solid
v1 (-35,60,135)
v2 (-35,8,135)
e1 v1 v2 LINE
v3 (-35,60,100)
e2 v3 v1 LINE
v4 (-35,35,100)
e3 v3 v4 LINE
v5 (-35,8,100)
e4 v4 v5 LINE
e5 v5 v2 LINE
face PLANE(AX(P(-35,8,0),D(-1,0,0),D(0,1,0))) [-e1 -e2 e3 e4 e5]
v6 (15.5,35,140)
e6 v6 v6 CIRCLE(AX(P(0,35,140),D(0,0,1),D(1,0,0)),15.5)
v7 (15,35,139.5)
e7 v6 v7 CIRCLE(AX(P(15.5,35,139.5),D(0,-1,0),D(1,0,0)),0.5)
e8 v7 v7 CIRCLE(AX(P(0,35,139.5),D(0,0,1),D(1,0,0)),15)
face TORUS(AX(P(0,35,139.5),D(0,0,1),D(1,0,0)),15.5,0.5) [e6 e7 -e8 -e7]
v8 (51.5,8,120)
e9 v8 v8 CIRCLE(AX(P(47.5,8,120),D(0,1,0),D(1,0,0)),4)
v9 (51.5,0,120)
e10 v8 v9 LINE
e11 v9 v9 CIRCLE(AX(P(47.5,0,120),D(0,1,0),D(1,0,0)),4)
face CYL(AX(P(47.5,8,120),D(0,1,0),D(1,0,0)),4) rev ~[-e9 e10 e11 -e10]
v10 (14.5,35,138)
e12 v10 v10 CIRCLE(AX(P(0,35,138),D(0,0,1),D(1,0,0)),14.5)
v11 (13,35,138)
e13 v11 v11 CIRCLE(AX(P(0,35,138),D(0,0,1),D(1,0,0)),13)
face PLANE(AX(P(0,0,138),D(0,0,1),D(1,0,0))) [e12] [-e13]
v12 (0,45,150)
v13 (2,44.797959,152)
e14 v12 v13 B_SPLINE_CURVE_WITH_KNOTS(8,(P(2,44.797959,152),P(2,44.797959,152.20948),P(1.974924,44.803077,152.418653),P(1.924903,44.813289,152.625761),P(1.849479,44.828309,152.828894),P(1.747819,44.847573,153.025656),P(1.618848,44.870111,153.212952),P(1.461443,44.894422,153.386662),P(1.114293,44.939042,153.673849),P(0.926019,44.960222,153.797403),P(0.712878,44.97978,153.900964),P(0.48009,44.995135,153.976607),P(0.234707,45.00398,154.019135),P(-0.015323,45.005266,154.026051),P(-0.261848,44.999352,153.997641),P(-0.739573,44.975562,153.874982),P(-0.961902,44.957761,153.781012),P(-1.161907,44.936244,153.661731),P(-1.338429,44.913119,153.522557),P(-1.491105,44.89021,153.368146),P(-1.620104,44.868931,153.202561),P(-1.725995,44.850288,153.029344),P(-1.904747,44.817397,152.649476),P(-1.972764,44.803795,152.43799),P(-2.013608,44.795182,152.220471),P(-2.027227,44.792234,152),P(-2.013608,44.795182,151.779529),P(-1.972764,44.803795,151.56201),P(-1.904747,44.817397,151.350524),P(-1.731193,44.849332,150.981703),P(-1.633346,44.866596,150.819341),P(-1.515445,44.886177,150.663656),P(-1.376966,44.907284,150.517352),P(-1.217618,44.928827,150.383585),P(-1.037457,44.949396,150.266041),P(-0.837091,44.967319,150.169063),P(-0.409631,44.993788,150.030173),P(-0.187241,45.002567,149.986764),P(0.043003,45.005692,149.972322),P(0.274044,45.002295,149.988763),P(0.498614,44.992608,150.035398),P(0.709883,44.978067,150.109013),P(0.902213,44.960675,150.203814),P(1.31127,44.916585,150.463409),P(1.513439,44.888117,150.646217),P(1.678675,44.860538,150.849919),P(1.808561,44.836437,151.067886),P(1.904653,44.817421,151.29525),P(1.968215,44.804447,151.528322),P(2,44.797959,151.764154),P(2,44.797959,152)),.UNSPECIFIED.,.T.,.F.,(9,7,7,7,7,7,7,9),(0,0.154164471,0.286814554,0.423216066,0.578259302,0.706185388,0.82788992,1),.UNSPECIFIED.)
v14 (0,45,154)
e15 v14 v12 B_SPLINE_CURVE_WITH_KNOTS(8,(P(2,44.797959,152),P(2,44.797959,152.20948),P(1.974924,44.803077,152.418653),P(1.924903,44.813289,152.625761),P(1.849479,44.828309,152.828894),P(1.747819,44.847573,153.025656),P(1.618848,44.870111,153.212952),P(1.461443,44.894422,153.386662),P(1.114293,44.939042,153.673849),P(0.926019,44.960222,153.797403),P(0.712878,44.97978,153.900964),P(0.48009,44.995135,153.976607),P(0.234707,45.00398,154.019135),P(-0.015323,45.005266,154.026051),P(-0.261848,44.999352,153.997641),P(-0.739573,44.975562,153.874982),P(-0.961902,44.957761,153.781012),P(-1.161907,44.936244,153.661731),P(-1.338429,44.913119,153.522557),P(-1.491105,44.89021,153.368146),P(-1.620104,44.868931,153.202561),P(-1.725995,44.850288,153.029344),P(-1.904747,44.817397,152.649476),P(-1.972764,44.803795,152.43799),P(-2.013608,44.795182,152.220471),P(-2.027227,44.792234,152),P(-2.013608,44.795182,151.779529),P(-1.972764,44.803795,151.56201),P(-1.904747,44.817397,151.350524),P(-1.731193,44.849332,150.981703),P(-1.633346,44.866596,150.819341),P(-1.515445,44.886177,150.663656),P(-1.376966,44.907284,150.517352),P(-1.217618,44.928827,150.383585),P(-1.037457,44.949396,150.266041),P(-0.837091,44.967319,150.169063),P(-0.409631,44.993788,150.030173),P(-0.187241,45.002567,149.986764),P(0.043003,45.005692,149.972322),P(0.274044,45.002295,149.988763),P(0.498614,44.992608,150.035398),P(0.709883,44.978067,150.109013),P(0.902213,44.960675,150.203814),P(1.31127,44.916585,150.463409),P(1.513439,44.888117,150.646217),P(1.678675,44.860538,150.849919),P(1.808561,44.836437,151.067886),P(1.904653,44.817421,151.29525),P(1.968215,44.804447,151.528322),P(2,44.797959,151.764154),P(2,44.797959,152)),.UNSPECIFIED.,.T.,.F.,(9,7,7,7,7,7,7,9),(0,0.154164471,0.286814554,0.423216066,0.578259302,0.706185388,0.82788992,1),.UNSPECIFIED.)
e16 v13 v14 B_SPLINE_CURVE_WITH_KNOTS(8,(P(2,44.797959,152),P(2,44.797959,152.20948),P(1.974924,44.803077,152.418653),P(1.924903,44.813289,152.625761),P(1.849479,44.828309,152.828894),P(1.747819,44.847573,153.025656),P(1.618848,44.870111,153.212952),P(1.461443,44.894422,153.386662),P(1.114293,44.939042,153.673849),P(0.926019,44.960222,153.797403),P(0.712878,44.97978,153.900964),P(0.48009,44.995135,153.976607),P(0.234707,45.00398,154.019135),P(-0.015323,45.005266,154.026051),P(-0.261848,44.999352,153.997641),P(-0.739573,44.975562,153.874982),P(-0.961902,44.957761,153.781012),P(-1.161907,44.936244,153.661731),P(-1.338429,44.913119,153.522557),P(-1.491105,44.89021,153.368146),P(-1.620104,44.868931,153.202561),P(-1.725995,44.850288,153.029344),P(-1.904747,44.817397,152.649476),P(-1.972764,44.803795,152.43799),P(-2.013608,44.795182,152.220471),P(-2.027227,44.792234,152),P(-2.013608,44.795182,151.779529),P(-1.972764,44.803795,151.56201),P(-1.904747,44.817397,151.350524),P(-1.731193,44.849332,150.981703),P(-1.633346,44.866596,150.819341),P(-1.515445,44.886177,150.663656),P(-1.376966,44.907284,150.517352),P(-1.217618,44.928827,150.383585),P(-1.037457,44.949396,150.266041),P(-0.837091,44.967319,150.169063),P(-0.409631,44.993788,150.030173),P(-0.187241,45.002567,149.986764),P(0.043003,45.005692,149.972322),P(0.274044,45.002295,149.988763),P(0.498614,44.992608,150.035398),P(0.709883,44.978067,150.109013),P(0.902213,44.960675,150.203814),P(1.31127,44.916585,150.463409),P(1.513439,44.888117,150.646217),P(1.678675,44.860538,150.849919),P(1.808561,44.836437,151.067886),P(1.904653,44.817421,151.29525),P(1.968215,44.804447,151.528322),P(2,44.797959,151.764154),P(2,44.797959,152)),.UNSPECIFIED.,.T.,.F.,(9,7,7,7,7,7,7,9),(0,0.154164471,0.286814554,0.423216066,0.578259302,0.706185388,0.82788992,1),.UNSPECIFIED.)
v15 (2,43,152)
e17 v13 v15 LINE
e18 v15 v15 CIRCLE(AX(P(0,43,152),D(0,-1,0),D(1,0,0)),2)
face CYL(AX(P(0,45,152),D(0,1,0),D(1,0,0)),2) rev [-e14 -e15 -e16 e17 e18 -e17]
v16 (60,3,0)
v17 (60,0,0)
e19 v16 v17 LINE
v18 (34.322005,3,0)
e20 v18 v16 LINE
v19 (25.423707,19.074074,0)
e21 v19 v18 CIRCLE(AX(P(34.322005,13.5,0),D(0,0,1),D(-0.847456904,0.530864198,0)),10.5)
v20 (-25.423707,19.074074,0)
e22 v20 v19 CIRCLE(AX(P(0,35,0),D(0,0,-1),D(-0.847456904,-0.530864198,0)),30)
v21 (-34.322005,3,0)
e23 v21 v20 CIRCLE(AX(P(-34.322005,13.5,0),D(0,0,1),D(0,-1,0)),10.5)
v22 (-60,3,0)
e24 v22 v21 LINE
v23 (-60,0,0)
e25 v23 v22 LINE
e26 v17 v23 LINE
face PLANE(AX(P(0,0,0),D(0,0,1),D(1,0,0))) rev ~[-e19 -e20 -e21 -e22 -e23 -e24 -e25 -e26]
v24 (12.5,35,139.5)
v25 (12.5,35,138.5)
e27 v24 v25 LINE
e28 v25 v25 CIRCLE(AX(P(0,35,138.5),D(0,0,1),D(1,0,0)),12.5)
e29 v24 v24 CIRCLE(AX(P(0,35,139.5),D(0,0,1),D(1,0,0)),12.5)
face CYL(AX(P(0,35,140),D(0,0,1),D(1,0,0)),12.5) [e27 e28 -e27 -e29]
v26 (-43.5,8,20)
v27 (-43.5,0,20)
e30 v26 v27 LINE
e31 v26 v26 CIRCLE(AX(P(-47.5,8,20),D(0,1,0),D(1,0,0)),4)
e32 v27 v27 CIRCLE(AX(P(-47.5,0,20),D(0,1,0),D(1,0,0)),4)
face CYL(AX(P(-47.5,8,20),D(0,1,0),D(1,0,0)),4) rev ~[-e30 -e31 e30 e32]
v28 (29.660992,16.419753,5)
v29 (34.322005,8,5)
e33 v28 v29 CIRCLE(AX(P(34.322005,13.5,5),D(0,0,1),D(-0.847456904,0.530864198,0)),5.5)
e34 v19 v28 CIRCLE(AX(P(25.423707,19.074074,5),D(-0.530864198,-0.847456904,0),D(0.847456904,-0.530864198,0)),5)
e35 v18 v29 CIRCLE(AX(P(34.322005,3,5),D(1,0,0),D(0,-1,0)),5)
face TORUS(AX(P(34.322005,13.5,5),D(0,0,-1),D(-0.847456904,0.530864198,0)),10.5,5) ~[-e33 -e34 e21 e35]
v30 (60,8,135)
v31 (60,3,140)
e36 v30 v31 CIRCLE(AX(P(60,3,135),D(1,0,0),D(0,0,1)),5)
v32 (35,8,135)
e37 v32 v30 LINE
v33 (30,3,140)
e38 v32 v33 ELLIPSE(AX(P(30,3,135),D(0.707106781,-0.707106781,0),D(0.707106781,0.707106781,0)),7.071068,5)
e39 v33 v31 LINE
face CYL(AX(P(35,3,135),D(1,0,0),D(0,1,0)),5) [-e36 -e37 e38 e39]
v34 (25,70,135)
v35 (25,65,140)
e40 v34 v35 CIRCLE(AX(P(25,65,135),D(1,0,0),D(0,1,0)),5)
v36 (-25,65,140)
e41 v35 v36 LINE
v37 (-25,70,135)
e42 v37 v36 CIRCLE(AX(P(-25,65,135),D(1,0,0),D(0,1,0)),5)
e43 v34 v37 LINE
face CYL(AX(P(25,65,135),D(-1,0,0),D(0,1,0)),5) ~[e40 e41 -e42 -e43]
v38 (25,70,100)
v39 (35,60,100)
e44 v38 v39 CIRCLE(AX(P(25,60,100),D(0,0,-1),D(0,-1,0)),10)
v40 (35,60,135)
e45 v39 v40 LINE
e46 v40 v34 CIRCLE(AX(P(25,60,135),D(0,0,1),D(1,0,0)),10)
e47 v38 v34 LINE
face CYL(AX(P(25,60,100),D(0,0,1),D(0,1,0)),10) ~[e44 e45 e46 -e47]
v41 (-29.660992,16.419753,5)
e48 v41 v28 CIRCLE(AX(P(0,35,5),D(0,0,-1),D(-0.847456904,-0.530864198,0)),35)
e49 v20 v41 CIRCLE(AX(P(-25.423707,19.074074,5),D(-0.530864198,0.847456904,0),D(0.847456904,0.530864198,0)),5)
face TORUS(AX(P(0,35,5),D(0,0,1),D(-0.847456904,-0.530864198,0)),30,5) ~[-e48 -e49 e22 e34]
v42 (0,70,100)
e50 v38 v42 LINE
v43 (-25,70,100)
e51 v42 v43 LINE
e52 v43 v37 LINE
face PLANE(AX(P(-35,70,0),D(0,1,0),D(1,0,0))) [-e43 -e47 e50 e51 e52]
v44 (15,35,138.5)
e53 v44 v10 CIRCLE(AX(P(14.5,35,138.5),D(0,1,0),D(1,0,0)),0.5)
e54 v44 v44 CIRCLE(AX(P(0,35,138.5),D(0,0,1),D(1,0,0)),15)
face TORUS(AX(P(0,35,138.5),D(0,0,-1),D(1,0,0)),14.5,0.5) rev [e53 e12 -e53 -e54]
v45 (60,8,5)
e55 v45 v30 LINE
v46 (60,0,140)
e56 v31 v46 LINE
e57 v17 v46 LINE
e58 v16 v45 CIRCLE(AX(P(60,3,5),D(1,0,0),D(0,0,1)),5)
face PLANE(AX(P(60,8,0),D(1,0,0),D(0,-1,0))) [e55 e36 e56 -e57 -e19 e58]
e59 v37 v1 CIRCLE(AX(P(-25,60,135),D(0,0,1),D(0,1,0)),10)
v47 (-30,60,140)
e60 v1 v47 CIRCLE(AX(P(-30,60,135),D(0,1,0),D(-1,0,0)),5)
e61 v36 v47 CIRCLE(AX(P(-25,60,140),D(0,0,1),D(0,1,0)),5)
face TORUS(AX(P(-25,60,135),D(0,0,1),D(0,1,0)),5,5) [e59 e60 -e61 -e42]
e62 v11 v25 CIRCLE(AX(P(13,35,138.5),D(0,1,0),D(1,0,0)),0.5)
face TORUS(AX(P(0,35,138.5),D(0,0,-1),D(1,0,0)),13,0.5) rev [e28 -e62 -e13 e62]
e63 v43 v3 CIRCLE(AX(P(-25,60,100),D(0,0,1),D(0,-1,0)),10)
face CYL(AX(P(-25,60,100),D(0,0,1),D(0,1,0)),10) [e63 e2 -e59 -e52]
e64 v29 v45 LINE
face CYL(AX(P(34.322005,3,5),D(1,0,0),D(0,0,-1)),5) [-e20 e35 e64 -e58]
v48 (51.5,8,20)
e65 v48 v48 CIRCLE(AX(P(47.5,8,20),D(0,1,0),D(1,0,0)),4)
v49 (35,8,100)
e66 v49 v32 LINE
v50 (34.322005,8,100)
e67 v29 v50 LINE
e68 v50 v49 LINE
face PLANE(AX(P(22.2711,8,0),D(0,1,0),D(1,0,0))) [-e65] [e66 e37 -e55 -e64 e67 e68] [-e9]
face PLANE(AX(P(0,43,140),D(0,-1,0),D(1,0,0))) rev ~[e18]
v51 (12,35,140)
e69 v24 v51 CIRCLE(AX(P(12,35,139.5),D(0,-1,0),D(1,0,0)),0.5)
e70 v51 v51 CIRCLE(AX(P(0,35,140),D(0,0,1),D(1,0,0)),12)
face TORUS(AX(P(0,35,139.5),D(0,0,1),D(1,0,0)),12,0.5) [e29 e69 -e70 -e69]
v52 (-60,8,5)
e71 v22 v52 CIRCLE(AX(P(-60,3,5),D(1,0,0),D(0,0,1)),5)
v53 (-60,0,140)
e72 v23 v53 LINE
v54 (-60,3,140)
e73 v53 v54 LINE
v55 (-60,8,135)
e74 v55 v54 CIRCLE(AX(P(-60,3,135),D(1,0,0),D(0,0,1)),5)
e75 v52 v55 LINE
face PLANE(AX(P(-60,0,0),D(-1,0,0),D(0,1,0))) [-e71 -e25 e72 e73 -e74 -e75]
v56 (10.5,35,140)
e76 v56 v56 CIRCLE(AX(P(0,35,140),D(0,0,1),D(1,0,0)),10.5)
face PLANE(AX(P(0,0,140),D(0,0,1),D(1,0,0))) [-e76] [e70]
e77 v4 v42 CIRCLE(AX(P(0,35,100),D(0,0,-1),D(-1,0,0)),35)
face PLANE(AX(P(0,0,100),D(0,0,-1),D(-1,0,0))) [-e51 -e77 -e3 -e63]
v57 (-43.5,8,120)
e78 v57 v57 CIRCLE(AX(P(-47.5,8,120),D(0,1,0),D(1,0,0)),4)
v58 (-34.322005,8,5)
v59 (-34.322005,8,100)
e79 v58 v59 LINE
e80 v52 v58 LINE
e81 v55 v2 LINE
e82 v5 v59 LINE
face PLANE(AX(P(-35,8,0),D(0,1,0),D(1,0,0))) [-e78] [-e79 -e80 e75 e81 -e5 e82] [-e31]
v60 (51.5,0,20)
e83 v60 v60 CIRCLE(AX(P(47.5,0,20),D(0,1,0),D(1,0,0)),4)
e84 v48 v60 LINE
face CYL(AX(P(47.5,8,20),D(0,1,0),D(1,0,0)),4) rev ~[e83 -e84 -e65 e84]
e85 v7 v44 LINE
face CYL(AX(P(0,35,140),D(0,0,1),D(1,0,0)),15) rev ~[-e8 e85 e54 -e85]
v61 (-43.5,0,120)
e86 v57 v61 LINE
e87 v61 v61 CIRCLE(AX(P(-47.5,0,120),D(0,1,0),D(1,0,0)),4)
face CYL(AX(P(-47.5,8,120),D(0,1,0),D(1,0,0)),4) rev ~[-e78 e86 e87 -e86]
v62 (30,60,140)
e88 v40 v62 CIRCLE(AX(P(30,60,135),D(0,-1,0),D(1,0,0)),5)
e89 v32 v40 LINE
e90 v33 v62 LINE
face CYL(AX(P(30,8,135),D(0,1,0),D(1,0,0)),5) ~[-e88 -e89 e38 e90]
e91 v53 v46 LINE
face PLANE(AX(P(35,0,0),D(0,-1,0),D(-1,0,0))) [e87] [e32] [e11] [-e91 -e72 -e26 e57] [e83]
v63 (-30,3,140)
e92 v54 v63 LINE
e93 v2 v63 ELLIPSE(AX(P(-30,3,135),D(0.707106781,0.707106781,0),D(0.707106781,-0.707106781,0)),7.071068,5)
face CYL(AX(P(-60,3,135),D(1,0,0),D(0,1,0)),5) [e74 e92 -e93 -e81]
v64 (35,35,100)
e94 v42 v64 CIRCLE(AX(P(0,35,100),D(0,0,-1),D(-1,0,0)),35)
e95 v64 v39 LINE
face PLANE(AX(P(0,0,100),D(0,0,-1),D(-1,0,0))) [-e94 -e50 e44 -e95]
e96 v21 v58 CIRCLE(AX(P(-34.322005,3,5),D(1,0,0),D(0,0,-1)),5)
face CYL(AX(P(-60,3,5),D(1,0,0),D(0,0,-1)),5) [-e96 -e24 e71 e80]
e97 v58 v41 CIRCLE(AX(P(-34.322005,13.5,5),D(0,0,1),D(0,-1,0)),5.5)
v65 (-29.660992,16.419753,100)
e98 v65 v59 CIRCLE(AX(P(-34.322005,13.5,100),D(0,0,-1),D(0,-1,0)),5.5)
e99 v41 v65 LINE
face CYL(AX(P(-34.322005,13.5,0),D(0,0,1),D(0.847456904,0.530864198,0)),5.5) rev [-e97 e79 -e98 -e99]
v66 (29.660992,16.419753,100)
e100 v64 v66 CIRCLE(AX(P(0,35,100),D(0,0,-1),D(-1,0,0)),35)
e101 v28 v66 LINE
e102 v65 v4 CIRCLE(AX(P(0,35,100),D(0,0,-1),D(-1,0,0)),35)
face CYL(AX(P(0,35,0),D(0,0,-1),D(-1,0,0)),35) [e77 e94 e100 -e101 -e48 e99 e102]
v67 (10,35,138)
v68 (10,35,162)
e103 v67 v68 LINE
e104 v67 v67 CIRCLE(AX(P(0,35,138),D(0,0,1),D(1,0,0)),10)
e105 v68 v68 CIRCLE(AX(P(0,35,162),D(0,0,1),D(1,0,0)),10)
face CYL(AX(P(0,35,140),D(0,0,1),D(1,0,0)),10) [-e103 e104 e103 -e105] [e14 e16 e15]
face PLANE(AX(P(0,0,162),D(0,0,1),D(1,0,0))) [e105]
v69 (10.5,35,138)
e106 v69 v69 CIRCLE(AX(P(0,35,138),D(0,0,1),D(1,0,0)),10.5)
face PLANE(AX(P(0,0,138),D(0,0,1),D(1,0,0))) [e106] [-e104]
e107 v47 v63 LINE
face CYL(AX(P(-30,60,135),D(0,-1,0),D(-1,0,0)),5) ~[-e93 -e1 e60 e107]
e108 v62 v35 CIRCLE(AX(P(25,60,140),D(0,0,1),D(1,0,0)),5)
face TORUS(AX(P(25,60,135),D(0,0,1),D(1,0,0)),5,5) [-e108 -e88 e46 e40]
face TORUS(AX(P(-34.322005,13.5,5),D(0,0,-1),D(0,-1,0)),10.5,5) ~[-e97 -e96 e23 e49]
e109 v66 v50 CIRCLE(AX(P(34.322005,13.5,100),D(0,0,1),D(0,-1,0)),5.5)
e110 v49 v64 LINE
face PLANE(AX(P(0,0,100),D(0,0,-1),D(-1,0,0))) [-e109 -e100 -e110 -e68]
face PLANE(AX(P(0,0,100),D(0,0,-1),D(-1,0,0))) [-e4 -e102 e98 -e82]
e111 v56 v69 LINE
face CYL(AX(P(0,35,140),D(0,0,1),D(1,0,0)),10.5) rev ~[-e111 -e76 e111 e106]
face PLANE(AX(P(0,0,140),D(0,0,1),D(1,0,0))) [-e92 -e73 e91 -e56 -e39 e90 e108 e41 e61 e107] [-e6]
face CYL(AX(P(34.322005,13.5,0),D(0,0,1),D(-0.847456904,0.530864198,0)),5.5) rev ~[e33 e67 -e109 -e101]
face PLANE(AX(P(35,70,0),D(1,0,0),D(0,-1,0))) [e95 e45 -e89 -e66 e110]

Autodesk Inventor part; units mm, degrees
ref_plane "YZ Plane" through (0, 0, 0) normal (1, 0, 0) x (0, 1, 0)
ref_plane "XZ Plane" through (0, 0, 0) normal (0, 1, 0) x (-1, 0, 0)
sketch "草图1" plane through (0, 0, 0) normal (0, 0, 1) x (1, 0, 0)
  line L0 (-35, 70) -> (35, 70)
  line L1 (35, 70) -> (35, 0)
  line L2 (35, 0) -> (-35, 0)
  line L3 (-35, 0) -> (-35, 70)
  line L4 (-60, 8) -> (60, 8)
  line L5 (60, 8) -> (60, 0)
  line L6 (60, 0) -> (-60, 0)
  line L7 (-60, 0) -> (-60, 8)
  point P0 (0, 0)
  point P1 (0, 0)
  dimension "d0" = 70
  dimension "d1" = 8
  dimension "d2" = 120
extrude "拉伸1" add sketch "草图1" along normal blind 140
sketch "草图2" plane through (0, 0, 0) normal (0, 0, -1) x (-1, 0, 0)
  circle A0 centre (0, 35) radius 35
  line L0 (-35, 8) -> (-35, 70) projected
  line L1 (-35, 70) -> (35, 70) projected
  line L2 (-22.2711, 8) -> (-35, 8)
  line L3 (-35, 70) -> (0, 70)
  line L4 (-35, 70) -> (35, 70) projected
  line L5 (35, 70) -> (35, 8)
  line L6 (35, 70) -> (35, 8) projected
  line L7 (35, 8) -> (22.2711, 8)
  point P0 (0, 0)
  dimension "d5" = 70
extrude "拉伸2" cut sketch "草图2" against normal blind 100 contours L5 L7 A0 | A0 L1 L5 | A0 L0 L1 | A0 L2 L0
fillet "圆角1" radius 10 2 edges at (35, 70, 120) (-35, 70, 120)
fillet "圆角2" radius 5.5 2 edges at (22.2711, 8, 50) (-22.2711, 8, 50)
fillet "圆角3" radius 5 5 edges at (29.5101, 10.8362, 0) (0, 70, 0) (-29.5101, 10.8362, 0) (-47.161, 8, 0) (47.161, 8, 0)
fillet "圆角4" radius 5 7 edges at (-32.0711, 67.0711, 140) (0, 70, 140) (32.0711, 67.0711, 140) (35, 34, 140) (-35, 34, 140) (-47.5, 8, 140) (47.5, 8, 140)
sketch "草图3" plane through (0, 0, 140) normal (0, 0, 1) x (1, 0, 0)
  circle A0 centre (0, 35) radius 10
  arc A1 (35, 35) -> (0, 70) centre (0, 35) ccw projected
  point P0 (0, 0)
  dimension "d12" = 20
extrude "拉伸3" add sketch "草图3" along normal blind 22
sketch "草图4" plane through (0, 0, 140) normal (0, 0, 1) x (1, 0, 0)
  circle A0 centre (0, 35) radius 10.5
  circle A1 centre (0, 35) radius 10
  circle A2 centre (0, 35) radius 10 projected
  circle A3 centre (0, 35) radius 12.5
  circle A4 centre (0, 35) radius 15
  point P0 (0, 0)
  dimension "d15" = 21
  dimension "d16" = 20
  dimension "d17" = 25
  dimension "d18" = 30
extrude "拉伸4" cut sketch "草图4" against normal blind 2
fillet "圆角5" radius 0.5 4 edges at (-15, 35, 140) (-15, 35, 138) (-12.5, 35, 140) (-12.5, 35, 138)
sketch "草图5" plane through (34.322, 8, 5) normal (0, 1, 0) x (1, 0, 0)
  circle A0 centre (13.178, -15) radius 4
  circle A1 centre (13.178, -115) radius 4
  circle A2 centre (-81.822, -15) radius 4
  circle A3 centre (-81.822, -115) radius 4
  line L0 (25.678, 0) -> (25.678, -130) projected
  line L1 (-94.322, 5) -> (-94.322, -135) projected
  line L2 (-4.322, -135) -> (25.678, -135) projected
  line L3 (-94.322, -135) -> (-64.322, -135) projected
  line L4 (25.678, 5) -> (0, 5) projected
  line L5 (-68.644, 5) -> (-94.322, 5) projected
  point P0 (-34.322, 5)
  dimension "d22" = 8
  dimension "d23" = 8
  dimension "d24" = 8
  dimension "d25" = 8
  dimension "d26" = 12.5
  dimension "d27" = 12.5
  dimension "d28" = 12.5
  dimension "d29" = 12.5
  dimension "d30" = 20
  dimension "d31" = 20
  dimension "d32" = 20
  dimension "d33" = 20
extrude "拉伸5" cut sketch "草图5" against normal through all
ref_plane "工作平面1" through (0, 45, 140) normal (0, -1, 0) x (1, 0, 0)
sketch "草图6" plane through (0, 45, 140) normal (0, -1, 0) x (1, 0, 0)
  circle A0 centre (0, 12) radius 2
  line L0 (10, 22) -> (-10, 22) projected
  line L1 (0, -140) -> (0, -150.2125)
  dimension "d36" = 4
  dimension "d37" = 10
  dimension "d38" = 10.2125
extrude "拉伸6" cut sketch "草图6" along normal blind 2
properties part number "砂轮电机"
